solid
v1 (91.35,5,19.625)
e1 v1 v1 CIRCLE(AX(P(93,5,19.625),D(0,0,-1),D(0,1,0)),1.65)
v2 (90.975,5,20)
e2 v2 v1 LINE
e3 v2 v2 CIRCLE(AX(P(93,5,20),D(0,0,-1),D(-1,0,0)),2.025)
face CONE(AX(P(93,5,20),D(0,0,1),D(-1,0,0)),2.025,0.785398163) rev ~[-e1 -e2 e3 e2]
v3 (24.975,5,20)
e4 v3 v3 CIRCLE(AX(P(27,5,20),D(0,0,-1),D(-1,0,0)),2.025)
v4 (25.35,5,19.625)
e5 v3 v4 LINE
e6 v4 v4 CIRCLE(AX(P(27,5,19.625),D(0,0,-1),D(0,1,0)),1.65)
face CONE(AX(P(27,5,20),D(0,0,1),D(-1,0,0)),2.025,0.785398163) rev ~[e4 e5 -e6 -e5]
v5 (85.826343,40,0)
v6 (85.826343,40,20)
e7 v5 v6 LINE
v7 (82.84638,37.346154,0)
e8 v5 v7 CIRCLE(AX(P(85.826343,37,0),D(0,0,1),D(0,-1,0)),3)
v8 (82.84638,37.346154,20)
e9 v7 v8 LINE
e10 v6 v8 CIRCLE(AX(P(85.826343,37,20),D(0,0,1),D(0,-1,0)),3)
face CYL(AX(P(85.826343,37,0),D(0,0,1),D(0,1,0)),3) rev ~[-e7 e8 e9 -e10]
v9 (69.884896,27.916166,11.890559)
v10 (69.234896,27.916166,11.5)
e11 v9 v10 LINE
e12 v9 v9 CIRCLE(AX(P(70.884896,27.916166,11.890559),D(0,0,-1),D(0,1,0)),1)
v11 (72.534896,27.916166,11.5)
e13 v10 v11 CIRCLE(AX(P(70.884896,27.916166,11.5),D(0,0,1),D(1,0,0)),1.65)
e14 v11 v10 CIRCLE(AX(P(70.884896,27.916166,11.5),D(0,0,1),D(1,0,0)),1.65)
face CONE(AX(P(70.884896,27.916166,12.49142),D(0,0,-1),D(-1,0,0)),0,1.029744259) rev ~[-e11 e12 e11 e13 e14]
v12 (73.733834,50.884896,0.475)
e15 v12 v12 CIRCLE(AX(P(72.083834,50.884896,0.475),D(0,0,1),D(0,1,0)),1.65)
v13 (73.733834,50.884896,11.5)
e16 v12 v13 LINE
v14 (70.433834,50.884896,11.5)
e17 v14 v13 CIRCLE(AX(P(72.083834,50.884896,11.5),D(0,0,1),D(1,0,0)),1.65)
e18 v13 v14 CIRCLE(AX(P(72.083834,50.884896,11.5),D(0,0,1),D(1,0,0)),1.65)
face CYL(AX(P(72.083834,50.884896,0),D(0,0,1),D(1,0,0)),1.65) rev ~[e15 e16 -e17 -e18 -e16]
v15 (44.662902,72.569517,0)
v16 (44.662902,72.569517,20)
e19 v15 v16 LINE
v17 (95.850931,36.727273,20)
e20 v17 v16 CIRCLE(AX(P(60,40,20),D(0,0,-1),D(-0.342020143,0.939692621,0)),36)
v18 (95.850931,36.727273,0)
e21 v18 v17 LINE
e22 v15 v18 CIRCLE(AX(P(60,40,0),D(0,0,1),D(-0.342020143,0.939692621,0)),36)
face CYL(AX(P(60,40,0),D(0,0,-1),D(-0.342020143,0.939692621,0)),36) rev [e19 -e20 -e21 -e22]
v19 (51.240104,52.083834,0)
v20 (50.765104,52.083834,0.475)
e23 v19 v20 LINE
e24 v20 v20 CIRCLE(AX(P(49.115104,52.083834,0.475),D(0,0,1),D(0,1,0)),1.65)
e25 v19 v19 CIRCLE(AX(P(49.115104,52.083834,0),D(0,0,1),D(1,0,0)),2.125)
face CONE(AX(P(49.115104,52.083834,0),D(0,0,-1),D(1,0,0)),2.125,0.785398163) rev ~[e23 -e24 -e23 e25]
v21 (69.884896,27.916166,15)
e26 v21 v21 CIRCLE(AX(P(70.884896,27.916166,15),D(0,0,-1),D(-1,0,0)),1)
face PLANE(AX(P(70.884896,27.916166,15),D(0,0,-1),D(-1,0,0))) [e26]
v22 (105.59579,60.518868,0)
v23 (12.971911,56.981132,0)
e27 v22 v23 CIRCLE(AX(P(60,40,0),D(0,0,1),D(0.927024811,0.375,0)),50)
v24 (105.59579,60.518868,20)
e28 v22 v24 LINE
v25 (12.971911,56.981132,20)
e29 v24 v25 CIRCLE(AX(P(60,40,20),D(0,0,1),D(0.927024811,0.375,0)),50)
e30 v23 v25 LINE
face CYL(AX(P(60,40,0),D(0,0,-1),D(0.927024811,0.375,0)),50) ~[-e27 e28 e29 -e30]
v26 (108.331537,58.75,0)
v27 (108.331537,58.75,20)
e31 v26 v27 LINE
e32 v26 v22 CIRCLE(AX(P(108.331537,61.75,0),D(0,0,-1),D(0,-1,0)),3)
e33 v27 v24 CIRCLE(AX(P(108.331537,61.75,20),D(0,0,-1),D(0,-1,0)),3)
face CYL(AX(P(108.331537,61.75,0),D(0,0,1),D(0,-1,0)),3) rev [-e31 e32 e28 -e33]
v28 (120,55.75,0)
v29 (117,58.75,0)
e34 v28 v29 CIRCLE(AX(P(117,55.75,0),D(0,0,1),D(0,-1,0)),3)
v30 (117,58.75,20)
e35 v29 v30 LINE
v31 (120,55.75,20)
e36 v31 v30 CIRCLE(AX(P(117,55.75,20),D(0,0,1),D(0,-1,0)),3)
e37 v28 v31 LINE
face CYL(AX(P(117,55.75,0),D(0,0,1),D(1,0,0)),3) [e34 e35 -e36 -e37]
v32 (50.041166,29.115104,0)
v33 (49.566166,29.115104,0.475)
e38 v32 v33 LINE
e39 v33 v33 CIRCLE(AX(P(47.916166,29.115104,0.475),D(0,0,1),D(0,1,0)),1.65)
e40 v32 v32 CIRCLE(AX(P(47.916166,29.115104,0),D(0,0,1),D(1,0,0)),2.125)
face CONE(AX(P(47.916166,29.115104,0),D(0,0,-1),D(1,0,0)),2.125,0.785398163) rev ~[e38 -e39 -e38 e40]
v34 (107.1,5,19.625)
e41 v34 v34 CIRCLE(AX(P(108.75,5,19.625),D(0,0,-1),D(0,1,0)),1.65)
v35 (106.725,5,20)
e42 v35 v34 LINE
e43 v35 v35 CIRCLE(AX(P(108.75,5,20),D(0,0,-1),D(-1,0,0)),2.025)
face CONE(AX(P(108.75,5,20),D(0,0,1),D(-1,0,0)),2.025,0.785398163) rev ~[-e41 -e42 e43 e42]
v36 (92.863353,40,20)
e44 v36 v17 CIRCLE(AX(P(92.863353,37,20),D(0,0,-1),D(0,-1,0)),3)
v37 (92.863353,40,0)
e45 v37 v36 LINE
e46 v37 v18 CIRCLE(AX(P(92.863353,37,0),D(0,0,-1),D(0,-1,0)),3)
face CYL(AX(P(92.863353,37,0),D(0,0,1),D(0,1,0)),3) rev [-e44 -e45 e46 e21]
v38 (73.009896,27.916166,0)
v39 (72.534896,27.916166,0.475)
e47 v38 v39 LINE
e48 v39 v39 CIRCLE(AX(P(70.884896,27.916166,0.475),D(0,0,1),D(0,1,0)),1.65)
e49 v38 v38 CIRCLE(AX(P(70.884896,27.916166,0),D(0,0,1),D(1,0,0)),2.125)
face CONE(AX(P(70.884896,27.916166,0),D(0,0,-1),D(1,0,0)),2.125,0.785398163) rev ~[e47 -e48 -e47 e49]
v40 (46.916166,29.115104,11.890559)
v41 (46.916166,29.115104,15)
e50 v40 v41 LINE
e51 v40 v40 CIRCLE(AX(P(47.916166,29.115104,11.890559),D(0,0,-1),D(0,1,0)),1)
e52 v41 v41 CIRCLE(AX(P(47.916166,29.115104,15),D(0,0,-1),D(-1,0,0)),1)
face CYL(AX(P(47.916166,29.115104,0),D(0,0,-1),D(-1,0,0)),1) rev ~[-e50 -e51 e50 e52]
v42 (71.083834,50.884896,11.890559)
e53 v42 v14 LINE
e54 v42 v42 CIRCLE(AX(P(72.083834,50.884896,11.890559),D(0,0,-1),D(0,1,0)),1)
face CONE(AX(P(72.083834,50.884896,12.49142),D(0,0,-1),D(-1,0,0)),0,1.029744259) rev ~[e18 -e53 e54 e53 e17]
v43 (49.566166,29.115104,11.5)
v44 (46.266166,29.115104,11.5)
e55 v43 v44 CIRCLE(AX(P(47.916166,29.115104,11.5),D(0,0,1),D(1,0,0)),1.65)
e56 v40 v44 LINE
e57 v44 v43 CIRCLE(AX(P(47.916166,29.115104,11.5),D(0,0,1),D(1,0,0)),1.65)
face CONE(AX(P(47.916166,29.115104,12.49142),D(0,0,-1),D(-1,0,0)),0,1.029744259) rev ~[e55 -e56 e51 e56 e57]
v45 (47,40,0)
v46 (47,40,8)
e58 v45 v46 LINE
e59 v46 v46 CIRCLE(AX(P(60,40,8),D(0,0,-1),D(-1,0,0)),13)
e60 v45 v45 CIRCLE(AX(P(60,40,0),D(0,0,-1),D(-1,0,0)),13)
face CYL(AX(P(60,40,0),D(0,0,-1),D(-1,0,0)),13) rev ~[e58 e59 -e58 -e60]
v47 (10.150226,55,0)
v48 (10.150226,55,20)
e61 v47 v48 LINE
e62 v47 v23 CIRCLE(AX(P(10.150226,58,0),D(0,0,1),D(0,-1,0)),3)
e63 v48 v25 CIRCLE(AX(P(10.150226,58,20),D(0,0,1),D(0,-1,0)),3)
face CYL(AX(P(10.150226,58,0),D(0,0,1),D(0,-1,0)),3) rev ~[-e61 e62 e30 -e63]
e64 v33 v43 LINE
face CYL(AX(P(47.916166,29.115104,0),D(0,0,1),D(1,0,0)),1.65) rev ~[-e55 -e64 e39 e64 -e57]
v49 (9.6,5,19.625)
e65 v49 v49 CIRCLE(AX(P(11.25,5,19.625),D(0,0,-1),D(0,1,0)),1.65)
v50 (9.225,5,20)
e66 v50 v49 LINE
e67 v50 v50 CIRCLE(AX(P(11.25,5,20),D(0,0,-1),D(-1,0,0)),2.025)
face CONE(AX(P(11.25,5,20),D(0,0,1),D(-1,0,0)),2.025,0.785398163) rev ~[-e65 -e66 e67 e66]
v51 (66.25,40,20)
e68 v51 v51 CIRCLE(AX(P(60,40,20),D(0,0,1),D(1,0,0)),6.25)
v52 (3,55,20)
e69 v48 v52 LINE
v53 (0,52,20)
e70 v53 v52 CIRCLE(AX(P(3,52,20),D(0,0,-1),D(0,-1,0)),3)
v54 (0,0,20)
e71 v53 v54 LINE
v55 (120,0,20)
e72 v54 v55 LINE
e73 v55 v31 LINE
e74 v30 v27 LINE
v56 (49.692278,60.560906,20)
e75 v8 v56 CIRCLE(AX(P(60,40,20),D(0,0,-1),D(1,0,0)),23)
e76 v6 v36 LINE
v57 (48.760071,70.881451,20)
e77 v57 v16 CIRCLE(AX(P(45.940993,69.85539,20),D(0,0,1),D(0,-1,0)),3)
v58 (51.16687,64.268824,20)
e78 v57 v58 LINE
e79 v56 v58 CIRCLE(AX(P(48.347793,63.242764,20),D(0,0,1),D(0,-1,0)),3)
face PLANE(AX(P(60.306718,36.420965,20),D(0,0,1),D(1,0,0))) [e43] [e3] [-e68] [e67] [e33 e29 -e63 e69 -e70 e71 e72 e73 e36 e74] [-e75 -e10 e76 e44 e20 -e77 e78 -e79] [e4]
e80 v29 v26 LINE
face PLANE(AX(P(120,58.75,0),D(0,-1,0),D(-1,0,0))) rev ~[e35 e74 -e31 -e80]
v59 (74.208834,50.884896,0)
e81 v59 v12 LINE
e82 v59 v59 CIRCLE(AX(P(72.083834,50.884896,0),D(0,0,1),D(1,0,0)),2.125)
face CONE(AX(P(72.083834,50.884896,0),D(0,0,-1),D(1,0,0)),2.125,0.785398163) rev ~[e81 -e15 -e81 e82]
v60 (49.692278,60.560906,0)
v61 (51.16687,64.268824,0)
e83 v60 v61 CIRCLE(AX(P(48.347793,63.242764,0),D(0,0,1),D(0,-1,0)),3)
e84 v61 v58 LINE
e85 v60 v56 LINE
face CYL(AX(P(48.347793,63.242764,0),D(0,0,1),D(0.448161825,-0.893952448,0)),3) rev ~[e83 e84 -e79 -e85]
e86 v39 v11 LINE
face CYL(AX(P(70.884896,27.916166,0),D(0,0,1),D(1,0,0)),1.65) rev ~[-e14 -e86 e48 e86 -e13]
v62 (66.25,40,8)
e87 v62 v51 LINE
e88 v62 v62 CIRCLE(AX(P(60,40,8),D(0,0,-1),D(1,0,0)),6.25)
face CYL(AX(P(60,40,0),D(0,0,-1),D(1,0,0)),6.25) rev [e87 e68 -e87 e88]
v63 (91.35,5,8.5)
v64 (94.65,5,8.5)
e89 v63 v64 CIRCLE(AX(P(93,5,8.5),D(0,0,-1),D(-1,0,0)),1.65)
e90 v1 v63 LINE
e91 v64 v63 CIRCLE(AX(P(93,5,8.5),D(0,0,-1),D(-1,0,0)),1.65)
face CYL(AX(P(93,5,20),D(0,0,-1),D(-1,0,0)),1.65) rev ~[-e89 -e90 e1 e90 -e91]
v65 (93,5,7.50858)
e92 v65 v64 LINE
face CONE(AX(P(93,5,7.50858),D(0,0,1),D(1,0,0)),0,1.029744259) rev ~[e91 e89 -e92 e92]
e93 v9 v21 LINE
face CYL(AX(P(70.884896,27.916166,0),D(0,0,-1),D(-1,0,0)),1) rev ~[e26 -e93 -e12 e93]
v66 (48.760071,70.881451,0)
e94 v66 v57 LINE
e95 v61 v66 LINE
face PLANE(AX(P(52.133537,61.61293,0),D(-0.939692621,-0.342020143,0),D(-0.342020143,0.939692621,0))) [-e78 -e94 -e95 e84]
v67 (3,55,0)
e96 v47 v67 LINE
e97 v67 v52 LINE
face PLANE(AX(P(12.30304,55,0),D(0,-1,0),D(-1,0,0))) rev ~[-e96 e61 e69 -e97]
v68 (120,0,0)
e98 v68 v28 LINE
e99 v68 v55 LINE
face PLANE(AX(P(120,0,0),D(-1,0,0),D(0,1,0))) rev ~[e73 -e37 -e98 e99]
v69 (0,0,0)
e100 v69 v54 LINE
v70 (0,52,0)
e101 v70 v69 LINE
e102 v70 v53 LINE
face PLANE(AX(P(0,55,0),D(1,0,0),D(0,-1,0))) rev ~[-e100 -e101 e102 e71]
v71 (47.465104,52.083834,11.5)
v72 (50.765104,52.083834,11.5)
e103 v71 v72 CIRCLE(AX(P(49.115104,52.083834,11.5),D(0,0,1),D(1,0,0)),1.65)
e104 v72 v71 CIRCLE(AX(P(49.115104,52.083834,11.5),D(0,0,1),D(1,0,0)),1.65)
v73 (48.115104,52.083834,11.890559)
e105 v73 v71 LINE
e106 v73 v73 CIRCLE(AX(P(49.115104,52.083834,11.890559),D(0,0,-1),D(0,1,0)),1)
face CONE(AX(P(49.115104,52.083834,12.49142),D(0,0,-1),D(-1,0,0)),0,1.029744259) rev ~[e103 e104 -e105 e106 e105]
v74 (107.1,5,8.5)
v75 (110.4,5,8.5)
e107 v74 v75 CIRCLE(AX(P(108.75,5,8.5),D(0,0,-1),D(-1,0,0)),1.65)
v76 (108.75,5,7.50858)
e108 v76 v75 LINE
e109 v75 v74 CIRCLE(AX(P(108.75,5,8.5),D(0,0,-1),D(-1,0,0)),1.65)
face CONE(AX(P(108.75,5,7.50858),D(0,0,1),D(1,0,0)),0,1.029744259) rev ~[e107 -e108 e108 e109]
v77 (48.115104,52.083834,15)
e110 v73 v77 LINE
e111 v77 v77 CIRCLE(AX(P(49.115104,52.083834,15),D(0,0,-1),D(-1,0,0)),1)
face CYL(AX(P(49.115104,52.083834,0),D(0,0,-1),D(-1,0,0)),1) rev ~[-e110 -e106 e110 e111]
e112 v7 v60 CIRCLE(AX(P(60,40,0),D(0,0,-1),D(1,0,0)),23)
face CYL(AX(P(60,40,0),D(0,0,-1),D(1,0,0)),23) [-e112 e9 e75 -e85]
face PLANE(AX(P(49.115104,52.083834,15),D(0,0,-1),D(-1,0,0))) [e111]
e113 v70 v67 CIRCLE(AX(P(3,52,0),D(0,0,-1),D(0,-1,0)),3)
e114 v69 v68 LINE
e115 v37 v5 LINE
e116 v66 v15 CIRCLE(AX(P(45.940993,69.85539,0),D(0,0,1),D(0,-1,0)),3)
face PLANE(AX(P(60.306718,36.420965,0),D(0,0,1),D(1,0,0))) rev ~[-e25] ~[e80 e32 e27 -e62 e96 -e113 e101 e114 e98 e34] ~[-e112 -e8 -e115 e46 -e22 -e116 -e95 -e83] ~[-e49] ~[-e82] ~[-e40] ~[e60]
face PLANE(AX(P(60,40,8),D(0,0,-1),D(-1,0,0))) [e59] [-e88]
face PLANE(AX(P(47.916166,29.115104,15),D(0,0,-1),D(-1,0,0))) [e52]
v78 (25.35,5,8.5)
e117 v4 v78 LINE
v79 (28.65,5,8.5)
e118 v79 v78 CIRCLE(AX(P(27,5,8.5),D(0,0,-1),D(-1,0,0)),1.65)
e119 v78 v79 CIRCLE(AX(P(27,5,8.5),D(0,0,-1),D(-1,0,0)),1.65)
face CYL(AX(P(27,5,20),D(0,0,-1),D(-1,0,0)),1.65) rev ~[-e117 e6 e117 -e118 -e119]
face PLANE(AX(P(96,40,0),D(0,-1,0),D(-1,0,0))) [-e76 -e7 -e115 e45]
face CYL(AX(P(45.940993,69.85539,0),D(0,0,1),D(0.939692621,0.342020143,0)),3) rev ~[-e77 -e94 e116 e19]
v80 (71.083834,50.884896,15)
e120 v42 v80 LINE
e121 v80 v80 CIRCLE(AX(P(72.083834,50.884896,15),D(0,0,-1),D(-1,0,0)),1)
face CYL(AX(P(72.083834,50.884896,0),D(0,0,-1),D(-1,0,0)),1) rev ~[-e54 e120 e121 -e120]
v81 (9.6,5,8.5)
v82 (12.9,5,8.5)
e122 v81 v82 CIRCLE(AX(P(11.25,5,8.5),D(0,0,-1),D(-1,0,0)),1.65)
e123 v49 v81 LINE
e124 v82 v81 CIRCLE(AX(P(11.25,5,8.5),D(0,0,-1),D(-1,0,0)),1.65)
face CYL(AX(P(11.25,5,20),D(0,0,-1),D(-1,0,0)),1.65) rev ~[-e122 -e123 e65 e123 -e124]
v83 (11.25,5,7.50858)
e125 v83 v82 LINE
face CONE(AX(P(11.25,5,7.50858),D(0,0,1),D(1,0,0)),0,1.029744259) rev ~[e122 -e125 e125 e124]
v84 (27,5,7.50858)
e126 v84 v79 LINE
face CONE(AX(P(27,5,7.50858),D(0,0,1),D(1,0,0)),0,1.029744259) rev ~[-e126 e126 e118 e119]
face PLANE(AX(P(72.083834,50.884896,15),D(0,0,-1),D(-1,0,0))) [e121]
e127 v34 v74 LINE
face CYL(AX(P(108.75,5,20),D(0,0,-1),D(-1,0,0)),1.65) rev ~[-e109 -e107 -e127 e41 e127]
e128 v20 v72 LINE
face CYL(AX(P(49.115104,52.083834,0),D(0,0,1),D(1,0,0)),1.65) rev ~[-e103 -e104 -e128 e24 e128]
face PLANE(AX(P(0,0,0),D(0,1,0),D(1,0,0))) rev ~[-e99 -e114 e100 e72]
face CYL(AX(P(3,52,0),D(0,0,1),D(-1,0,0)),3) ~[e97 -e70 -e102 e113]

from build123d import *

# Parameters (mm, degrees)
SKIZZE1_R                       = 6.25
AUFSATZ_LINEAR_AUSTRAGEN1_DEPTH = 20
SKIZZE4_R                       = 13
SCHNITT_LINEAR_AUSTRAGEN2_DEPTH = 8
SCHNITT_LINEAR_AUSTRAGEN3_DEPTH = 34.3
VERRUNDUNG1_R                   = 3
VERRUNDUNG2_R                   = 3
SKIZZE7_R                       = 1
SCHNITT_LINEAR_AUSTRAGEN5_DEPTH = 15
M4_GEWINDEBOHRUNG3_D            = 3.3
M4_GEWINDEBOHRUNG3_DEPTH        = 11.5
M4_GEWINDEBOHRUNG3_CSINK_D      = 4.25
M4_GEWINDEBOHRUNG3_CSINK_ANGLE  = 90
M4_GEWINDEBOHRUNG3_TIP          = 0.991420021
M4_GEWINDEBOHRUNG4_D            = 3.3
M4_GEWINDEBOHRUNG4_DEPTH        = 11.5
M4_GEWINDEBOHRUNG4_CSINK_D      = 4.05
M4_GEWINDEBOHRUNG4_CSINK_ANGLE  = 90
M4_GEWINDEBOHRUNG4_TIP          = 0.991420021


with BuildPart() as part:
    # Skizze1 → Aufsatz-Linear austragen1 (new body)
    with BuildSketch(Plane.XY):
        with BuildLine():
            Line((0, 0), (120, 0))
            Line((120, 0), (120, 58.75))
            Line((120, 58.75), (106.351240544, 58.75))
            ThreePointArc((106.351240544, 58.75), (58.007924384, 89.960300587), (12.303039929, 55))
            Line((12.303039929, 55), (0, 55))
            Line((0, 55), (0, 0))
        make_face()
        with Locations((60, 40)):
            Circle(SKIZZE1_R, mode=Mode.SUBTRACT)
    extrude(amount=AUFSATZ_LINEAR_AUSTRAGEN1_DEPTH)

    # Skizze4 → Schnitt-Linear austragen2 (cut)
    with BuildSketch(Plane(origin=(0, 0, 0), x_dir=(-1, 0, 0), z_dir=(0, 0, -1))):
        with Locations((-60, 40)):
            Circle(SKIZZE4_R)
    extrude(amount=-SCHNITT_LINEAR_AUSTRAGEN2_DEPTH, mode=Mode.SUBTRACT)

    # Skizze5 → Schnitt-Linear austragen3 (cut)
    with BuildSketch(Plane(origin=(0, 0, 0), x_dir=(-1, 0, 0), z_dir=(0, 0, -1))):
        with BuildLine():
            Line((-96, 40), (-83, 40))
            ThreePointArc((-83, 40), (-46.807741964, 21.159502981), (-52.133536704, 61.612930278))
            Line((-52.133536704, 61.612930278), (-47.68727484, 73.828934348))
            ThreePointArc((-47.68727484, 73.828934348), (-39.351248291, 10.510526406), (-96, 40))
        make_face()
    extrude(amount=-SCHNITT_LINEAR_AUSTRAGEN3_DEPTH, mode=Mode.SUBTRACT)

    # Verrundung1
    verrundung1_edges = [part.edges().sort_by_distance(p)[0] for p in [
        (47.68727484, 73.828934348, 10),
        (96, 40, 10),
        (83, 40, 10),
        (52.133536704, 61.612930278, 10),
    ]]
    fillet(verrundung1_edges, radius=VERRUNDUNG1_R)

    # Verrundung2
    verrundung2_edges = [part.edges().sort_by_distance(p)[0] for p in [
        (0, 55, 10),
        (12.303039929, 55, 10),
        (106.351240544, 58.75, 10),
        (120, 58.75, 10),
    ]]
    fillet(verrundung2_edges, radius=VERRUNDUNG2_R)

    # Skizze7 → Schnitt-Linear austragen5 (cut)
    with BuildSketch(Plane(origin=(0, 0, 0), x_dir=(-1, 0, 0), z_dir=(0, 0, -1))):
        with Locations((-72.0838337, 50.8848961)):
            Circle(SKIZZE7_R)
        with Locations((-49.1151039, 52.0838337)):
            Circle(SKIZZE7_R)
        with Locations((-70.8848961, 27.9161663)):
            Circle(SKIZZE7_R)
        with Locations((-47.9161663, 29.1151039)):
            Circle(SKIZZE7_R)
    extrude(amount=-SCHNITT_LINEAR_AUSTRAGEN5_DEPTH, mode=Mode.SUBTRACT)

    # M4 Gewindebohrung3
    with Locations(Plane(origin=(72.0838337, 50.8848961, 0), x_dir=(-1, 0, 0), z_dir=(0, 0, -1))):
        with Locations((0, 0), (22.9687298, 1.1989376), (24.1676674, -21.7697922), (1.1989376, -22.9687298)):
            CounterSinkHole(M4_GEWINDEBOHRUNG3_D / 2, M4_GEWINDEBOHRUNG3_CSINK_D / 2, depth=M4_GEWINDEBOHRUNG3_DEPTH, counter_sink_angle=M4_GEWINDEBOHRUNG3_CSINK_ANGLE)
            with Locations((0, 0, -(M4_GEWINDEBOHRUNG3_DEPTH + M4_GEWINDEBOHRUNG3_TIP / 2))):  # 118° drill point
                Cone(0, M4_GEWINDEBOHRUNG3_D / 2, M4_GEWINDEBOHRUNG3_TIP, mode=Mode.SUBTRACT)

    # M4 Gewindebohrung4
    with Locations(Plane(origin=(11.25, 5, 20), x_dir=(1, 0, 0), z_dir=(0, 0, 1))):
        with Locations((0, 0), (15.75, 0), (81.75, 0), (97.5, 0)):
            CounterSinkHole(M4_GEWINDEBOHRUNG4_D / 2, M4_GEWINDEBOHRUNG4_CSINK_D / 2, depth=M4_GEWINDEBOHRUNG4_DEPTH, counter_sink_angle=M4_GEWINDEBOHRUNG4_CSINK_ANGLE)
            with Locations((0, 0, -(M4_GEWINDEBOHRUNG4_DEPTH + M4_GEWINDEBOHRUNG4_TIP / 2))):  # 118° drill point
                Cone(0, M4_GEWINDEBOHRUNG4_D / 2, M4_GEWINDEBOHRUNG4_TIP, mode=Mode.SUBTRACT)


solid = part.part
